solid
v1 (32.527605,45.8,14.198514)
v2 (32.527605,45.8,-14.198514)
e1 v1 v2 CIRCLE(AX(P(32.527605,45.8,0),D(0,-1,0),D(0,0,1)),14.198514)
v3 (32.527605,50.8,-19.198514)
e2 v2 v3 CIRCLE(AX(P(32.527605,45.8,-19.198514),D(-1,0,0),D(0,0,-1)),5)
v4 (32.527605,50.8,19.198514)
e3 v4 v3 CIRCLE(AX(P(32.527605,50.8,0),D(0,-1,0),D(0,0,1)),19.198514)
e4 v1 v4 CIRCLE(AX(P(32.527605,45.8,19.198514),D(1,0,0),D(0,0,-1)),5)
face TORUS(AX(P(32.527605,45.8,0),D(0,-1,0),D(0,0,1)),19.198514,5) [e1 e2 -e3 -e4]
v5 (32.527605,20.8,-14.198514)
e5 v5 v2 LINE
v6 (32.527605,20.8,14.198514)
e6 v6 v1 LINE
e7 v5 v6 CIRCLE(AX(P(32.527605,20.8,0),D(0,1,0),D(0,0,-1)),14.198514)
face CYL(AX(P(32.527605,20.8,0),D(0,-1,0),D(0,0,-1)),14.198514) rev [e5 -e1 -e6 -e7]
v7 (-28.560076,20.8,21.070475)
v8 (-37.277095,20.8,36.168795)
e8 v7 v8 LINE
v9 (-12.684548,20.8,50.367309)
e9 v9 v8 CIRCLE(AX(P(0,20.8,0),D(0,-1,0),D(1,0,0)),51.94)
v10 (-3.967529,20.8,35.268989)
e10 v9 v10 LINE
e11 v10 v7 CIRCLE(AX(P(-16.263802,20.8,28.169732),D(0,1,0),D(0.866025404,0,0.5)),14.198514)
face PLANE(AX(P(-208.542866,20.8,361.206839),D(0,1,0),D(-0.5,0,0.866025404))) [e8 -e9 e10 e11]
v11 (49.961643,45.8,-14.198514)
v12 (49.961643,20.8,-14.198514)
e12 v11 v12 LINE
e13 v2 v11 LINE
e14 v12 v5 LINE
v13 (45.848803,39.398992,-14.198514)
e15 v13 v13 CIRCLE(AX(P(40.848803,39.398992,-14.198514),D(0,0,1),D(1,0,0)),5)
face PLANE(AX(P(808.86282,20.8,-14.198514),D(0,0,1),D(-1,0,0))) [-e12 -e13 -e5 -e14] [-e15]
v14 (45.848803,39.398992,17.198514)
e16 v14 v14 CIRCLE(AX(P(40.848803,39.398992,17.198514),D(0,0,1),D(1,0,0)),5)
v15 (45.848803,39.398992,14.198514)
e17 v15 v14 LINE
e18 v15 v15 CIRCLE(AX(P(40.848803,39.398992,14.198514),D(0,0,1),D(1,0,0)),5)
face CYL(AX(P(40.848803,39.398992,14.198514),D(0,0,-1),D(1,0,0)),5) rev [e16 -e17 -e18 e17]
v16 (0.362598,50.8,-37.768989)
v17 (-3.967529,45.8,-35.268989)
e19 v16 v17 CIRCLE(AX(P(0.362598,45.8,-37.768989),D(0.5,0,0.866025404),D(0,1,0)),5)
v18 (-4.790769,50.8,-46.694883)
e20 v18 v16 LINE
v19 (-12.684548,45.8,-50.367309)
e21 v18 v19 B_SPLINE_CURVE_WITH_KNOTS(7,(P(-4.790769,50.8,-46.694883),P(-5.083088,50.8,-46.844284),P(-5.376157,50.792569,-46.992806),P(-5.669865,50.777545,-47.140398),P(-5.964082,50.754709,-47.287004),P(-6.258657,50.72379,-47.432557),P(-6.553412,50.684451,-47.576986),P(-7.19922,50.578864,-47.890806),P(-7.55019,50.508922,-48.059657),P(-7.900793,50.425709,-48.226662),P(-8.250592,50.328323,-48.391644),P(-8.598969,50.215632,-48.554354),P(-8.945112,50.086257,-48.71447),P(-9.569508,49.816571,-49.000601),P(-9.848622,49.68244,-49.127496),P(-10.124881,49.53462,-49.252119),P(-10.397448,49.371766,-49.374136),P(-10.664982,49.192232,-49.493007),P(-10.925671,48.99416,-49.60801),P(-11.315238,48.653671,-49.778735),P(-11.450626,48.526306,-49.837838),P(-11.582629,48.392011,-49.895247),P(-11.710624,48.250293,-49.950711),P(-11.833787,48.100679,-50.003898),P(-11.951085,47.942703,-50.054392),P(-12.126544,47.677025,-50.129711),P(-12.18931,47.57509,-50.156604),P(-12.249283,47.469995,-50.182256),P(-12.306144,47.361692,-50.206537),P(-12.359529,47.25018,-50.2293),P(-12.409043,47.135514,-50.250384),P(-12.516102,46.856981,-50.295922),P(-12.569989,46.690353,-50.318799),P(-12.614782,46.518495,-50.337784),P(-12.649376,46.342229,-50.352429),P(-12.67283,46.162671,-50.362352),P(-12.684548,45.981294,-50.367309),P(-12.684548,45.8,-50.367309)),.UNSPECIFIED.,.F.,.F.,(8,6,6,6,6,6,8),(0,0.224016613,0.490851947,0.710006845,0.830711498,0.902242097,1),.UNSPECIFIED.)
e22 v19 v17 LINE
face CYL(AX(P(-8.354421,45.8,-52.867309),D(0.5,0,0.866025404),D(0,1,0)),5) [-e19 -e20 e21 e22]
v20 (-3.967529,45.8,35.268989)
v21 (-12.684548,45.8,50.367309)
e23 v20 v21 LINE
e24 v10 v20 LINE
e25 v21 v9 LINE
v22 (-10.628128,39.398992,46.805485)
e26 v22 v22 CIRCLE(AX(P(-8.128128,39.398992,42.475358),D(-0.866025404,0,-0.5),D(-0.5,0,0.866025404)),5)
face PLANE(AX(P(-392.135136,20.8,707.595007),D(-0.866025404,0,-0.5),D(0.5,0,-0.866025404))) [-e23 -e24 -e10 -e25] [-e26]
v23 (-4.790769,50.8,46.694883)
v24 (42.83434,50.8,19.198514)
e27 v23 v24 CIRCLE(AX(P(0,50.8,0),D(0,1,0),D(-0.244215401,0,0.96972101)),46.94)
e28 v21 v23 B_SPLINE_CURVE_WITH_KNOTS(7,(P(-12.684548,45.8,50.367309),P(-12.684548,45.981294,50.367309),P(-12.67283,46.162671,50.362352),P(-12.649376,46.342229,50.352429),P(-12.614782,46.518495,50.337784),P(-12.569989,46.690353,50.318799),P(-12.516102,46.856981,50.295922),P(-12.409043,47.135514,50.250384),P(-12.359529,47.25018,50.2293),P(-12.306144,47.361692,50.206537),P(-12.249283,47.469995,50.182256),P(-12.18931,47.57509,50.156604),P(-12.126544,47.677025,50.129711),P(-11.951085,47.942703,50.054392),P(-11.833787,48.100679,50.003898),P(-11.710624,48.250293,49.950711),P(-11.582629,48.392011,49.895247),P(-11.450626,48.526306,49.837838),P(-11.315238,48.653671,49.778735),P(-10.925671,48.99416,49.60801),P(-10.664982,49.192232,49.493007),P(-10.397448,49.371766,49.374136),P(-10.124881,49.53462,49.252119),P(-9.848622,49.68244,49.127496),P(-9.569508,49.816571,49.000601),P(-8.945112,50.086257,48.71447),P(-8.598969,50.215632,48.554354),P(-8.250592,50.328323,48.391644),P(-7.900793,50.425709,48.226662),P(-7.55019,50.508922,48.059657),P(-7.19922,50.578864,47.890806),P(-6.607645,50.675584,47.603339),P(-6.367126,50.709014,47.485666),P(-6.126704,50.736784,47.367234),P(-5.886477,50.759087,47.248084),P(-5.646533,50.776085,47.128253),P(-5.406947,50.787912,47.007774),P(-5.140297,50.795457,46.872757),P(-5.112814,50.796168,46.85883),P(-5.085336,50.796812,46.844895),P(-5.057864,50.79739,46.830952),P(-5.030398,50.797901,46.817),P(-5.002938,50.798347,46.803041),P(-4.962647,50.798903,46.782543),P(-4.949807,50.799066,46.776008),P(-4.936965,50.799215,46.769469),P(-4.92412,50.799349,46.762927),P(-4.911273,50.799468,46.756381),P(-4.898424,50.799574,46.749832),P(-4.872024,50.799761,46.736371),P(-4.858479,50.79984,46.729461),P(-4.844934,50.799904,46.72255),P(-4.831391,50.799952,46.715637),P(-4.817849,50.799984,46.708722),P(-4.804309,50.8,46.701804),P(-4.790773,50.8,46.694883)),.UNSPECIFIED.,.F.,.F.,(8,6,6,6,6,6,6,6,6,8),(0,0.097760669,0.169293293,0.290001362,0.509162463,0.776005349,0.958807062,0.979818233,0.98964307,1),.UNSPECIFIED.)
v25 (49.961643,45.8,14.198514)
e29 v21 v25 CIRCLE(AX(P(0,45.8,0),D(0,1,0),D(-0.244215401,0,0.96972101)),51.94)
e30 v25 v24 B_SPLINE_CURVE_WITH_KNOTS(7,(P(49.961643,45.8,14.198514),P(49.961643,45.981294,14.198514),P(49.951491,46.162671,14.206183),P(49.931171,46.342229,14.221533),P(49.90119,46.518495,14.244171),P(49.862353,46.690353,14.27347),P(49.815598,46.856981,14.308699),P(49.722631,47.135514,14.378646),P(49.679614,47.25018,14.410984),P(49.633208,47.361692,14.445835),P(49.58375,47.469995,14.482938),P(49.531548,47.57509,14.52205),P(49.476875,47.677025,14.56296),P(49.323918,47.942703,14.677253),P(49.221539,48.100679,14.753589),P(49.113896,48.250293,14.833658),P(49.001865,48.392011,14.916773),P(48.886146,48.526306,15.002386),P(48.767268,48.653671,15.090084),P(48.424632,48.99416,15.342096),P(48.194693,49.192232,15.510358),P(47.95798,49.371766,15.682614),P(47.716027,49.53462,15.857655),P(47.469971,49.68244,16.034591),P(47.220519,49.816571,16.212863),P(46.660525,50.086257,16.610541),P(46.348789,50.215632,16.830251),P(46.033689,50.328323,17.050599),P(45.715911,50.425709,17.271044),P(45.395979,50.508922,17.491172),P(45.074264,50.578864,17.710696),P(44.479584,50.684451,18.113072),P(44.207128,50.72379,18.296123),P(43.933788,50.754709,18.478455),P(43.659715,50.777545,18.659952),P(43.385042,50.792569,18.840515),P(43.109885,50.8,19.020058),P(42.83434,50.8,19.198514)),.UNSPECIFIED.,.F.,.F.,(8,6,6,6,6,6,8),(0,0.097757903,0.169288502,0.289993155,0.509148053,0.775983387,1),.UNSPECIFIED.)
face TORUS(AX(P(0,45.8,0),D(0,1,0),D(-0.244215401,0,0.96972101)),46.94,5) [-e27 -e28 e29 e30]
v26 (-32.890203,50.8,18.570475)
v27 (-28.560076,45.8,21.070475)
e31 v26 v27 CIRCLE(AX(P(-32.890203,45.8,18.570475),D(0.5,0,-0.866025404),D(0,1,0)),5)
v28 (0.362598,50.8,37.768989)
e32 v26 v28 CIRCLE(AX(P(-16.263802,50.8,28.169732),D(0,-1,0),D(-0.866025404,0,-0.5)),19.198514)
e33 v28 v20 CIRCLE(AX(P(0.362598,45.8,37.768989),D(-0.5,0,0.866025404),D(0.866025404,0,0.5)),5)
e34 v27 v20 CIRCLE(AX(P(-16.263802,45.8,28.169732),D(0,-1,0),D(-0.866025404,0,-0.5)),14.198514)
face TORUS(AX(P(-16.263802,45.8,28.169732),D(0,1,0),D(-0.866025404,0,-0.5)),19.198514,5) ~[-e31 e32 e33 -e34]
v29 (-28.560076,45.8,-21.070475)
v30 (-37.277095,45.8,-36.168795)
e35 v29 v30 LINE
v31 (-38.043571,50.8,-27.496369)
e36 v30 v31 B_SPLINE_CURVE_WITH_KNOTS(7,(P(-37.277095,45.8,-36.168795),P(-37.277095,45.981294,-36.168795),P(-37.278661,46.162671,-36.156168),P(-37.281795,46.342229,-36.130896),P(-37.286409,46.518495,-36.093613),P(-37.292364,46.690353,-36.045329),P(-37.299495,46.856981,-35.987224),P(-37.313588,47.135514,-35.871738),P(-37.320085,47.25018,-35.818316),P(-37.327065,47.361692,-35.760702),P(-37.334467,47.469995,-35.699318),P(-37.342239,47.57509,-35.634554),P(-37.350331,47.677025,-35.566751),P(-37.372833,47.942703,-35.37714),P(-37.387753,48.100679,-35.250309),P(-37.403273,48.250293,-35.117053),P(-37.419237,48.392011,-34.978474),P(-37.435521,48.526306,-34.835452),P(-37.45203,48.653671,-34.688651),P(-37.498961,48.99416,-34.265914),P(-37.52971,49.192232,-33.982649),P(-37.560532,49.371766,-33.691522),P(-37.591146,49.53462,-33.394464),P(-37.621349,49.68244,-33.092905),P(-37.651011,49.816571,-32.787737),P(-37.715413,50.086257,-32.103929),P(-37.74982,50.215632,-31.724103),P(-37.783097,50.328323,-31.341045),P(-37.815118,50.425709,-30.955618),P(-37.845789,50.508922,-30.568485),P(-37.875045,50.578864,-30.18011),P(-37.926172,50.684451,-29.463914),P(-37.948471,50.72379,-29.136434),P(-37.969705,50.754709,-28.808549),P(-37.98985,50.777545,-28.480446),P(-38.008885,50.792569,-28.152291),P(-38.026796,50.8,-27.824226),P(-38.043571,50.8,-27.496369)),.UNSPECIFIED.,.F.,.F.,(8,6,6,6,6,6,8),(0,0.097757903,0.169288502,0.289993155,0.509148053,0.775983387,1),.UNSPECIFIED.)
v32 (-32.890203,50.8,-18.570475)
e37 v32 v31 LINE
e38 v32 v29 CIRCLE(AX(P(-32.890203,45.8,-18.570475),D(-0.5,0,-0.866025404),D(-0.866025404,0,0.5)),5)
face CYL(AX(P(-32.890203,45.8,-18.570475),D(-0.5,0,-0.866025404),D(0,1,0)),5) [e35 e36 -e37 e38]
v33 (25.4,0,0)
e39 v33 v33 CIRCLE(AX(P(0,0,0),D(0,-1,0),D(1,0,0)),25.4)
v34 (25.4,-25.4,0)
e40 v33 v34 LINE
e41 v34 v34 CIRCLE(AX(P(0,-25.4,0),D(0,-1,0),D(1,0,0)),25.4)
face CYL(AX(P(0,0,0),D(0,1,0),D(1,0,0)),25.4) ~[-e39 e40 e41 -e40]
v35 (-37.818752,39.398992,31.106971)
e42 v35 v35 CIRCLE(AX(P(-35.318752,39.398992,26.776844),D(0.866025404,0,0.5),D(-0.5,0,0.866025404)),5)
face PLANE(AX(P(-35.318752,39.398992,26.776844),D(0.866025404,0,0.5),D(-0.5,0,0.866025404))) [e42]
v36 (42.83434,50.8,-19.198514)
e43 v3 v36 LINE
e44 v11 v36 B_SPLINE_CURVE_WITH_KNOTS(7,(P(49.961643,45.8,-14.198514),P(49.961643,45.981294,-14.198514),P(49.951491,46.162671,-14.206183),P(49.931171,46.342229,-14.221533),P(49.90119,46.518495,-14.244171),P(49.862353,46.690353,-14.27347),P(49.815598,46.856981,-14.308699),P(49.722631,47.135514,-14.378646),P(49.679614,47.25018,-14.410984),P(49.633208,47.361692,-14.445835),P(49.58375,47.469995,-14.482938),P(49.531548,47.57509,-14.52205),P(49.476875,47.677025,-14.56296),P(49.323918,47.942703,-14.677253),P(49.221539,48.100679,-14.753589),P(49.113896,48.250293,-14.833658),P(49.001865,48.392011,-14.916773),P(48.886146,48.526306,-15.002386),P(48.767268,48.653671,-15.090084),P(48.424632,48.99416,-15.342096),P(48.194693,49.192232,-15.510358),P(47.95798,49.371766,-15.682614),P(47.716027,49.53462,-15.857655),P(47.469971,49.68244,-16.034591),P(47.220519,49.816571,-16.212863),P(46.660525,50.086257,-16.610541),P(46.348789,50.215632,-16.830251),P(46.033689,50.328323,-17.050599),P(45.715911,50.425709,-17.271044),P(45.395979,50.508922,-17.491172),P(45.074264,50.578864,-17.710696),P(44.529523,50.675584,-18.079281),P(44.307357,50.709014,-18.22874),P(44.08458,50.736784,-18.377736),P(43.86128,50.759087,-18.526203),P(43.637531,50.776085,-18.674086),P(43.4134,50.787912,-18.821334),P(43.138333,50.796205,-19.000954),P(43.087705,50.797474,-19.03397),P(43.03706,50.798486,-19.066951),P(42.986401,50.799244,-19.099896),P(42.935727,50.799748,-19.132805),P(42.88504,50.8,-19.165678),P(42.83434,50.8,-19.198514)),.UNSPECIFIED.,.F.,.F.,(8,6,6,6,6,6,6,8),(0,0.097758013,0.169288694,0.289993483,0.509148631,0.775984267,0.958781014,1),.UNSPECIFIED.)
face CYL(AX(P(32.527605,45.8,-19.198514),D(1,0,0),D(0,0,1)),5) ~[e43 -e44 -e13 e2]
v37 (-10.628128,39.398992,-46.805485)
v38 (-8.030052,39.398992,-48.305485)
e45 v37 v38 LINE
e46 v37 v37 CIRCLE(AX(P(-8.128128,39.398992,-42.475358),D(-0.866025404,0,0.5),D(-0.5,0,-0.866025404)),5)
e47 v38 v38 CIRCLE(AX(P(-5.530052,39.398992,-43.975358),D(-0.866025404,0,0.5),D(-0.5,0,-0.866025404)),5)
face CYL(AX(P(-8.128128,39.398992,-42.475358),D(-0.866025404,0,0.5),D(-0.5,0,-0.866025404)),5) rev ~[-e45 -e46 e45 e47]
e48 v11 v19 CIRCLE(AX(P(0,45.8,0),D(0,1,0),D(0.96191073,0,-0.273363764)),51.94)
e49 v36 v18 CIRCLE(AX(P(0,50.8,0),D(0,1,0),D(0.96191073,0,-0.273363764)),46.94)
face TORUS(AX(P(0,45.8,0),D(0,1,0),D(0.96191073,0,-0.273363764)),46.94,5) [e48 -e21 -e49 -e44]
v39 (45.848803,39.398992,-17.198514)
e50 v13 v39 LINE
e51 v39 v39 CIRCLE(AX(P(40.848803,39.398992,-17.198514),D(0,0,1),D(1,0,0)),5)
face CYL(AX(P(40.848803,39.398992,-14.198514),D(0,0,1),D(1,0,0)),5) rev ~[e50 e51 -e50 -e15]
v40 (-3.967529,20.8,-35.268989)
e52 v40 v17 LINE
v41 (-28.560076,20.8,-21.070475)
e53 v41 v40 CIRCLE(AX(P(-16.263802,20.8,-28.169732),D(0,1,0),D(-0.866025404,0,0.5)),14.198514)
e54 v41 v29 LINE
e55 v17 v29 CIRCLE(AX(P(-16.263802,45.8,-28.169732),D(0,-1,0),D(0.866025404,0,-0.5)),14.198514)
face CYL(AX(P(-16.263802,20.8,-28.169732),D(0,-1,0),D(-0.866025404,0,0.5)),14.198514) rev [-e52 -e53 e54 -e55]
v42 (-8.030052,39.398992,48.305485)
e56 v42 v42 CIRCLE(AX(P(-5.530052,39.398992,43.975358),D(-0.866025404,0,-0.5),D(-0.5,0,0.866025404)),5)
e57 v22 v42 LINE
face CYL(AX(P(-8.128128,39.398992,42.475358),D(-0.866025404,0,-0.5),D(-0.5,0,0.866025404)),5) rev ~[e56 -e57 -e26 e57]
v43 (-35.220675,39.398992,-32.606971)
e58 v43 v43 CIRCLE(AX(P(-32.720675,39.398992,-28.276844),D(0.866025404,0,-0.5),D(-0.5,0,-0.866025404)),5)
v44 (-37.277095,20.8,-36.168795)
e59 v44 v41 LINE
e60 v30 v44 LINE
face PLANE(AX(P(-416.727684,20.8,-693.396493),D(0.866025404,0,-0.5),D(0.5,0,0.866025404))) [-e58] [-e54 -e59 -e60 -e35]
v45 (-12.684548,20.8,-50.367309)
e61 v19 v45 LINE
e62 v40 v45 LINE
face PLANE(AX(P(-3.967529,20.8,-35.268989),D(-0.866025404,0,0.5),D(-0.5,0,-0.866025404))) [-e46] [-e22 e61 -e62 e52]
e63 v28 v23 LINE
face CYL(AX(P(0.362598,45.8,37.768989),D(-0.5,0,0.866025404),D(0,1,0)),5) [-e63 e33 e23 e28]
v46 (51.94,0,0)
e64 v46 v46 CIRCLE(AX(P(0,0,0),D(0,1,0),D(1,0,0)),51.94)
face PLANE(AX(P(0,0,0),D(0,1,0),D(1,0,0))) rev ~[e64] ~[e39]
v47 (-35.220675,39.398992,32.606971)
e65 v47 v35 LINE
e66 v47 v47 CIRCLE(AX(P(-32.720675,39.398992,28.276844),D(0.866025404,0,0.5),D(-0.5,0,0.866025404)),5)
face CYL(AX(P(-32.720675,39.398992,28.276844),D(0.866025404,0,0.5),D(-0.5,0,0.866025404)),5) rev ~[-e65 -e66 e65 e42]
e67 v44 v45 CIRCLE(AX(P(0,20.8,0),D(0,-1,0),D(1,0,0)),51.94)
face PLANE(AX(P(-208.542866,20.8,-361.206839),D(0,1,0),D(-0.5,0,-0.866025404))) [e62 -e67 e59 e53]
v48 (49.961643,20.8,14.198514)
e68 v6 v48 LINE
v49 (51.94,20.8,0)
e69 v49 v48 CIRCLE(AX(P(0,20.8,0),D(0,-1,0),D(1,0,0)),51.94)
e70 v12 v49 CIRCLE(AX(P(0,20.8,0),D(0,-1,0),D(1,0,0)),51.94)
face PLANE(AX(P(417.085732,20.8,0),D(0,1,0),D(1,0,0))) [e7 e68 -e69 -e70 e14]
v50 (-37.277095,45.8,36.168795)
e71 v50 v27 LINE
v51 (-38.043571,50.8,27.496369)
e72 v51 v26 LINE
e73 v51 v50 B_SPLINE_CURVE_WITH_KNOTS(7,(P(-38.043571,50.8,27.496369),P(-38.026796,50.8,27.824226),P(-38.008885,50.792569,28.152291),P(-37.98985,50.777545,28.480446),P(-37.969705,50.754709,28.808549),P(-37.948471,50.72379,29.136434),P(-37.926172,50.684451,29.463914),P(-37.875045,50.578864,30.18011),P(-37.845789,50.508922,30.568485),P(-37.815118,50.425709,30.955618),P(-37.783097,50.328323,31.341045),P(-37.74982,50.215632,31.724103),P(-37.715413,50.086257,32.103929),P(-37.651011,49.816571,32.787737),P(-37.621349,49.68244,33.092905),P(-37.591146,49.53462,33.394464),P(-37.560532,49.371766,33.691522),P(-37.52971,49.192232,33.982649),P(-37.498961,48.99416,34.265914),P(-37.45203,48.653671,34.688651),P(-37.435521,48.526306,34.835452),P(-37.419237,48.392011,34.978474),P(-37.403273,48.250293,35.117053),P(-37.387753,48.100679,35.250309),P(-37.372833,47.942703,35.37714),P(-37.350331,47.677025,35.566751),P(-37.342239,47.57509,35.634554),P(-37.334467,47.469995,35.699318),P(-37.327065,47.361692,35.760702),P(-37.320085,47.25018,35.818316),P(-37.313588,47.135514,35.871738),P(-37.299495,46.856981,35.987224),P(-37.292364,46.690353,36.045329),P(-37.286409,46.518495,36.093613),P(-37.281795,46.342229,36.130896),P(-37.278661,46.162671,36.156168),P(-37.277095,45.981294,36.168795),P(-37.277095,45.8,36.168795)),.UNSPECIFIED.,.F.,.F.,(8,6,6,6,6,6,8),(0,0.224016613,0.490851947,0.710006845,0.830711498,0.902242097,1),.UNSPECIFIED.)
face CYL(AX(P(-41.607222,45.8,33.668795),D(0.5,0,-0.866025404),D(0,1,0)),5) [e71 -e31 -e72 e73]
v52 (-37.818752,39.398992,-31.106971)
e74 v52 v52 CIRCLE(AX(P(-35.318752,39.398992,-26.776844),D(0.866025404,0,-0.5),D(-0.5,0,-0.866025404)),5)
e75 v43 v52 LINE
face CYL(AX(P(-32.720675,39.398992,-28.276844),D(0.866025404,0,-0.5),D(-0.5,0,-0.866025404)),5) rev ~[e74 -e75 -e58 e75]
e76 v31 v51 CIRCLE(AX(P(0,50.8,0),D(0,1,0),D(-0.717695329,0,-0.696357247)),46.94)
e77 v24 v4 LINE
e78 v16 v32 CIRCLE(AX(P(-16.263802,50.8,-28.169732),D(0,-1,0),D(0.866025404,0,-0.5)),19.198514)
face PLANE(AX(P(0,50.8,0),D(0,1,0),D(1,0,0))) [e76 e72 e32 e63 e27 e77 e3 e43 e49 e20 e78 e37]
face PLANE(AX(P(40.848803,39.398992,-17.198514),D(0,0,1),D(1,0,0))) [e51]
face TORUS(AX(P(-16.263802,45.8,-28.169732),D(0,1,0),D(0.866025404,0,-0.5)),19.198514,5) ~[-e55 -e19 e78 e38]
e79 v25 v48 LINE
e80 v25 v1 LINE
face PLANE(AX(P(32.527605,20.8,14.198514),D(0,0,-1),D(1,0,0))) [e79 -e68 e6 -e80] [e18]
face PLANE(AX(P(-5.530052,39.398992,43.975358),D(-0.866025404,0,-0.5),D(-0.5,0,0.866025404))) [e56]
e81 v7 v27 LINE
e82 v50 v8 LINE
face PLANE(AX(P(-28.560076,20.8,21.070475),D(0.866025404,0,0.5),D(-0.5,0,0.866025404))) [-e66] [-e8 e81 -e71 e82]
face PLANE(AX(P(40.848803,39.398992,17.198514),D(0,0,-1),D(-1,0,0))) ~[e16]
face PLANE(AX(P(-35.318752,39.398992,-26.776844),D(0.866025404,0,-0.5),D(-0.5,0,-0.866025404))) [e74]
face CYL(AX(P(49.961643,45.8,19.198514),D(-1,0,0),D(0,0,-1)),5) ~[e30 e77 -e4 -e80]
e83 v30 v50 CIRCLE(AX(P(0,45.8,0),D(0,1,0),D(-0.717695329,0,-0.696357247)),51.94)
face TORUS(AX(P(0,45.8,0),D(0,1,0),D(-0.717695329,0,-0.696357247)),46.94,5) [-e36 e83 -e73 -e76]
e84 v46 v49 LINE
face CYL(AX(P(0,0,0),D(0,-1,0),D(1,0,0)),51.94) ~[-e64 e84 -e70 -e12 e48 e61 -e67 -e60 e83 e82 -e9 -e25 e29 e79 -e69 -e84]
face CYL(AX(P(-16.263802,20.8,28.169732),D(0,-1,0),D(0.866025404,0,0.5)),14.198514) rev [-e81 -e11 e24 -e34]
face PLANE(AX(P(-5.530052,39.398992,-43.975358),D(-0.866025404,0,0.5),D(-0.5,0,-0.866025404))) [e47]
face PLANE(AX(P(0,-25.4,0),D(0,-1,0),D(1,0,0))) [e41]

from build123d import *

# Parameters (mm, degrees)
SKETCH1_R                   = 51.94
BOSS_EXTRUDE1_DEPTH         = 50.8
CUT_EXTRUDE1_START          = -30
CUT_EXTRUDE1_DEPTH          = 31
SKETCH3_R                   = 5
CUT_EXTRUDE2_DEPTH          = 3
CIRPATTERN1_COUNT           = 3
CIRPATTERN1_COPY_1_SKETCH_R = 5
CIRPATTERN1_COPY_1_DEPTH    = 3
CIRPATTERN1_COPY_2_SKETCH_R = 5
CIRPATTERN1_COPY_2_DEPTH    = 3
FILLET2_R                   = 5
SKETCH6_R                   = 25.4
BOSS_EXTRUDE2_DEPTH         = 25.4


with BuildPart() as part:
    # Sketch1 → Boss-Extrude1 (new body)
    with BuildSketch(Plane(origin=(0, 0, 0), x_dir=(1, 0, 0), z_dir=(0, 1, 0))):
        Circle(SKETCH1_R)
    extrude(amount=BOSS_EXTRUDE1_DEPTH)

    # Sketch2 → Cut-Extrude1 (cut)
    with BuildSketch(Plane(origin=(0, 50.8, 0), x_dir=(1, 0, 0), z_dir=(0, 1, 0)).offset(CUT_EXTRUDE1_START)):
        with BuildLine():
            Line((302.928702249, 14.198513891), (49.96164332, 14.198513891))
            Line((49.96164332, 14.198513891), (32.527604999, 14.198513891))
            ThreePointArc((32.527604999, 14.198513891), (18.329091108, 0), (32.527604999, -14.198513891))
            Line((32.527604999, -14.198513891), (49.96164332, -14.198513891))
            Line((49.96164332, -14.198513891), (302.928702249, -14.198513891))
            Line((302.928702249, -14.198513891), (808.862820107, -14.198513891))
            Line((808.862820107, -14.198513891), (808.862820107, 14.198513891))
            Line((808.862820107, 14.198513891), (302.928702249, 14.198513891))
        make_face()
    cut_extrude1 = extrude(amount=CUT_EXTRUDE1_DEPTH, mode=Mode.SUBTRACT)

    # Sketch3 → Cut-Extrude2 (cut)
    with BuildSketch(Plane.XY.offset(-14.198513891)):
        with Locations((40.848803203, 39.398991639)):
            Circle(SKETCH3_R)
    cut_extrude2 = extrude(amount=-CUT_EXTRUDE2_DEPTH, mode=Mode.SUBTRACT)

    # Mirror1: Cut-Extrude2 across plane
    add(cut_extrude2.mirror(Plane.XY), mode=Mode.SUBTRACT)

    # CirPattern1: Cut-Extrude1, Cut-Extrude2 ×3 about axis
    cirpattern1_axis = Axis((0, 0, 0), (0, 1, 0))
    for i in range(1, CIRPATTERN1_COUNT):
        add(cut_extrude1.rotate(cirpattern1_axis, i * 360 / CIRPATTERN1_COUNT), mode=Mode.SUBTRACT)
        add(cut_extrude2.rotate(cirpattern1_axis, i * 360 / CIRPATTERN1_COUNT), mode=Mode.SUBTRACT)

    # CirPattern1 copy 1 sketch → CirPattern1 copy 1 (cut)
    with BuildSketch(Plane(origin=(12.296273726, 0, -7.099256946), x_dir=(-0.5, 0, -0.866025404), z_dir=(-0.866025404, 0, 0.5))):
        with Locations((40.848803203, -39.398991639)):
            Circle(CIRPATTERN1_COPY_1_SKETCH_R)
    extrude(amount=-CIRPATTERN1_COPY_1_DEPTH, mode=Mode.SUBTRACT)

    # CirPattern1 copy 2 sketch → CirPattern1 copy 2 (cut)
    with BuildSketch(Plane(origin=(-12.296273726, 0, -7.099256946), x_dir=(-0.5, 0, 0.866025404), z_dir=(0.866025404, 0, 0.5))):
        with Locations((40.848803203, -39.398991639)):
            Circle(CIRPATTERN1_COPY_2_SKETCH_R)
    extrude(amount=-CIRPATTERN1_COPY_2_DEPTH, mode=Mode.SUBTRACT)

    # Fillet2
    fillet2_edges = [part.edges().sort_by_distance(p)[0] for p in [
        (25.97, 50.8, 44.981359473),
        (-8.326038354, 50.8, 42.818149238),
        (-9.164545554, 50.8, 15.873458528),
        (-32.918585806, 50.8, 28.619635346),
        (-51.94, 50.8, 0),
        (-32.918585806, 50.8, -28.619635346),
        (-9.164545554, 50.8, -15.873458528),
        (-8.326038354, 50.8, -42.818149238),
        (25.97, 50.8, -44.981359473),
        (41.24462416, 50.8, 14.198513891),
        (18.329091108, 50.8, 0),
        (41.24462416, 50.8, -14.198513891),
    ]]
    fillet(fillet2_edges, radius=FILLET2_R)

    # Sketch6 → Boss-Extrude2 (add)
    with BuildSketch(Plane.XZ):
        Circle(SKETCH6_R)
    extrude(amount=BOSS_EXTRUDE2_DEPTH)


solid = part.part
